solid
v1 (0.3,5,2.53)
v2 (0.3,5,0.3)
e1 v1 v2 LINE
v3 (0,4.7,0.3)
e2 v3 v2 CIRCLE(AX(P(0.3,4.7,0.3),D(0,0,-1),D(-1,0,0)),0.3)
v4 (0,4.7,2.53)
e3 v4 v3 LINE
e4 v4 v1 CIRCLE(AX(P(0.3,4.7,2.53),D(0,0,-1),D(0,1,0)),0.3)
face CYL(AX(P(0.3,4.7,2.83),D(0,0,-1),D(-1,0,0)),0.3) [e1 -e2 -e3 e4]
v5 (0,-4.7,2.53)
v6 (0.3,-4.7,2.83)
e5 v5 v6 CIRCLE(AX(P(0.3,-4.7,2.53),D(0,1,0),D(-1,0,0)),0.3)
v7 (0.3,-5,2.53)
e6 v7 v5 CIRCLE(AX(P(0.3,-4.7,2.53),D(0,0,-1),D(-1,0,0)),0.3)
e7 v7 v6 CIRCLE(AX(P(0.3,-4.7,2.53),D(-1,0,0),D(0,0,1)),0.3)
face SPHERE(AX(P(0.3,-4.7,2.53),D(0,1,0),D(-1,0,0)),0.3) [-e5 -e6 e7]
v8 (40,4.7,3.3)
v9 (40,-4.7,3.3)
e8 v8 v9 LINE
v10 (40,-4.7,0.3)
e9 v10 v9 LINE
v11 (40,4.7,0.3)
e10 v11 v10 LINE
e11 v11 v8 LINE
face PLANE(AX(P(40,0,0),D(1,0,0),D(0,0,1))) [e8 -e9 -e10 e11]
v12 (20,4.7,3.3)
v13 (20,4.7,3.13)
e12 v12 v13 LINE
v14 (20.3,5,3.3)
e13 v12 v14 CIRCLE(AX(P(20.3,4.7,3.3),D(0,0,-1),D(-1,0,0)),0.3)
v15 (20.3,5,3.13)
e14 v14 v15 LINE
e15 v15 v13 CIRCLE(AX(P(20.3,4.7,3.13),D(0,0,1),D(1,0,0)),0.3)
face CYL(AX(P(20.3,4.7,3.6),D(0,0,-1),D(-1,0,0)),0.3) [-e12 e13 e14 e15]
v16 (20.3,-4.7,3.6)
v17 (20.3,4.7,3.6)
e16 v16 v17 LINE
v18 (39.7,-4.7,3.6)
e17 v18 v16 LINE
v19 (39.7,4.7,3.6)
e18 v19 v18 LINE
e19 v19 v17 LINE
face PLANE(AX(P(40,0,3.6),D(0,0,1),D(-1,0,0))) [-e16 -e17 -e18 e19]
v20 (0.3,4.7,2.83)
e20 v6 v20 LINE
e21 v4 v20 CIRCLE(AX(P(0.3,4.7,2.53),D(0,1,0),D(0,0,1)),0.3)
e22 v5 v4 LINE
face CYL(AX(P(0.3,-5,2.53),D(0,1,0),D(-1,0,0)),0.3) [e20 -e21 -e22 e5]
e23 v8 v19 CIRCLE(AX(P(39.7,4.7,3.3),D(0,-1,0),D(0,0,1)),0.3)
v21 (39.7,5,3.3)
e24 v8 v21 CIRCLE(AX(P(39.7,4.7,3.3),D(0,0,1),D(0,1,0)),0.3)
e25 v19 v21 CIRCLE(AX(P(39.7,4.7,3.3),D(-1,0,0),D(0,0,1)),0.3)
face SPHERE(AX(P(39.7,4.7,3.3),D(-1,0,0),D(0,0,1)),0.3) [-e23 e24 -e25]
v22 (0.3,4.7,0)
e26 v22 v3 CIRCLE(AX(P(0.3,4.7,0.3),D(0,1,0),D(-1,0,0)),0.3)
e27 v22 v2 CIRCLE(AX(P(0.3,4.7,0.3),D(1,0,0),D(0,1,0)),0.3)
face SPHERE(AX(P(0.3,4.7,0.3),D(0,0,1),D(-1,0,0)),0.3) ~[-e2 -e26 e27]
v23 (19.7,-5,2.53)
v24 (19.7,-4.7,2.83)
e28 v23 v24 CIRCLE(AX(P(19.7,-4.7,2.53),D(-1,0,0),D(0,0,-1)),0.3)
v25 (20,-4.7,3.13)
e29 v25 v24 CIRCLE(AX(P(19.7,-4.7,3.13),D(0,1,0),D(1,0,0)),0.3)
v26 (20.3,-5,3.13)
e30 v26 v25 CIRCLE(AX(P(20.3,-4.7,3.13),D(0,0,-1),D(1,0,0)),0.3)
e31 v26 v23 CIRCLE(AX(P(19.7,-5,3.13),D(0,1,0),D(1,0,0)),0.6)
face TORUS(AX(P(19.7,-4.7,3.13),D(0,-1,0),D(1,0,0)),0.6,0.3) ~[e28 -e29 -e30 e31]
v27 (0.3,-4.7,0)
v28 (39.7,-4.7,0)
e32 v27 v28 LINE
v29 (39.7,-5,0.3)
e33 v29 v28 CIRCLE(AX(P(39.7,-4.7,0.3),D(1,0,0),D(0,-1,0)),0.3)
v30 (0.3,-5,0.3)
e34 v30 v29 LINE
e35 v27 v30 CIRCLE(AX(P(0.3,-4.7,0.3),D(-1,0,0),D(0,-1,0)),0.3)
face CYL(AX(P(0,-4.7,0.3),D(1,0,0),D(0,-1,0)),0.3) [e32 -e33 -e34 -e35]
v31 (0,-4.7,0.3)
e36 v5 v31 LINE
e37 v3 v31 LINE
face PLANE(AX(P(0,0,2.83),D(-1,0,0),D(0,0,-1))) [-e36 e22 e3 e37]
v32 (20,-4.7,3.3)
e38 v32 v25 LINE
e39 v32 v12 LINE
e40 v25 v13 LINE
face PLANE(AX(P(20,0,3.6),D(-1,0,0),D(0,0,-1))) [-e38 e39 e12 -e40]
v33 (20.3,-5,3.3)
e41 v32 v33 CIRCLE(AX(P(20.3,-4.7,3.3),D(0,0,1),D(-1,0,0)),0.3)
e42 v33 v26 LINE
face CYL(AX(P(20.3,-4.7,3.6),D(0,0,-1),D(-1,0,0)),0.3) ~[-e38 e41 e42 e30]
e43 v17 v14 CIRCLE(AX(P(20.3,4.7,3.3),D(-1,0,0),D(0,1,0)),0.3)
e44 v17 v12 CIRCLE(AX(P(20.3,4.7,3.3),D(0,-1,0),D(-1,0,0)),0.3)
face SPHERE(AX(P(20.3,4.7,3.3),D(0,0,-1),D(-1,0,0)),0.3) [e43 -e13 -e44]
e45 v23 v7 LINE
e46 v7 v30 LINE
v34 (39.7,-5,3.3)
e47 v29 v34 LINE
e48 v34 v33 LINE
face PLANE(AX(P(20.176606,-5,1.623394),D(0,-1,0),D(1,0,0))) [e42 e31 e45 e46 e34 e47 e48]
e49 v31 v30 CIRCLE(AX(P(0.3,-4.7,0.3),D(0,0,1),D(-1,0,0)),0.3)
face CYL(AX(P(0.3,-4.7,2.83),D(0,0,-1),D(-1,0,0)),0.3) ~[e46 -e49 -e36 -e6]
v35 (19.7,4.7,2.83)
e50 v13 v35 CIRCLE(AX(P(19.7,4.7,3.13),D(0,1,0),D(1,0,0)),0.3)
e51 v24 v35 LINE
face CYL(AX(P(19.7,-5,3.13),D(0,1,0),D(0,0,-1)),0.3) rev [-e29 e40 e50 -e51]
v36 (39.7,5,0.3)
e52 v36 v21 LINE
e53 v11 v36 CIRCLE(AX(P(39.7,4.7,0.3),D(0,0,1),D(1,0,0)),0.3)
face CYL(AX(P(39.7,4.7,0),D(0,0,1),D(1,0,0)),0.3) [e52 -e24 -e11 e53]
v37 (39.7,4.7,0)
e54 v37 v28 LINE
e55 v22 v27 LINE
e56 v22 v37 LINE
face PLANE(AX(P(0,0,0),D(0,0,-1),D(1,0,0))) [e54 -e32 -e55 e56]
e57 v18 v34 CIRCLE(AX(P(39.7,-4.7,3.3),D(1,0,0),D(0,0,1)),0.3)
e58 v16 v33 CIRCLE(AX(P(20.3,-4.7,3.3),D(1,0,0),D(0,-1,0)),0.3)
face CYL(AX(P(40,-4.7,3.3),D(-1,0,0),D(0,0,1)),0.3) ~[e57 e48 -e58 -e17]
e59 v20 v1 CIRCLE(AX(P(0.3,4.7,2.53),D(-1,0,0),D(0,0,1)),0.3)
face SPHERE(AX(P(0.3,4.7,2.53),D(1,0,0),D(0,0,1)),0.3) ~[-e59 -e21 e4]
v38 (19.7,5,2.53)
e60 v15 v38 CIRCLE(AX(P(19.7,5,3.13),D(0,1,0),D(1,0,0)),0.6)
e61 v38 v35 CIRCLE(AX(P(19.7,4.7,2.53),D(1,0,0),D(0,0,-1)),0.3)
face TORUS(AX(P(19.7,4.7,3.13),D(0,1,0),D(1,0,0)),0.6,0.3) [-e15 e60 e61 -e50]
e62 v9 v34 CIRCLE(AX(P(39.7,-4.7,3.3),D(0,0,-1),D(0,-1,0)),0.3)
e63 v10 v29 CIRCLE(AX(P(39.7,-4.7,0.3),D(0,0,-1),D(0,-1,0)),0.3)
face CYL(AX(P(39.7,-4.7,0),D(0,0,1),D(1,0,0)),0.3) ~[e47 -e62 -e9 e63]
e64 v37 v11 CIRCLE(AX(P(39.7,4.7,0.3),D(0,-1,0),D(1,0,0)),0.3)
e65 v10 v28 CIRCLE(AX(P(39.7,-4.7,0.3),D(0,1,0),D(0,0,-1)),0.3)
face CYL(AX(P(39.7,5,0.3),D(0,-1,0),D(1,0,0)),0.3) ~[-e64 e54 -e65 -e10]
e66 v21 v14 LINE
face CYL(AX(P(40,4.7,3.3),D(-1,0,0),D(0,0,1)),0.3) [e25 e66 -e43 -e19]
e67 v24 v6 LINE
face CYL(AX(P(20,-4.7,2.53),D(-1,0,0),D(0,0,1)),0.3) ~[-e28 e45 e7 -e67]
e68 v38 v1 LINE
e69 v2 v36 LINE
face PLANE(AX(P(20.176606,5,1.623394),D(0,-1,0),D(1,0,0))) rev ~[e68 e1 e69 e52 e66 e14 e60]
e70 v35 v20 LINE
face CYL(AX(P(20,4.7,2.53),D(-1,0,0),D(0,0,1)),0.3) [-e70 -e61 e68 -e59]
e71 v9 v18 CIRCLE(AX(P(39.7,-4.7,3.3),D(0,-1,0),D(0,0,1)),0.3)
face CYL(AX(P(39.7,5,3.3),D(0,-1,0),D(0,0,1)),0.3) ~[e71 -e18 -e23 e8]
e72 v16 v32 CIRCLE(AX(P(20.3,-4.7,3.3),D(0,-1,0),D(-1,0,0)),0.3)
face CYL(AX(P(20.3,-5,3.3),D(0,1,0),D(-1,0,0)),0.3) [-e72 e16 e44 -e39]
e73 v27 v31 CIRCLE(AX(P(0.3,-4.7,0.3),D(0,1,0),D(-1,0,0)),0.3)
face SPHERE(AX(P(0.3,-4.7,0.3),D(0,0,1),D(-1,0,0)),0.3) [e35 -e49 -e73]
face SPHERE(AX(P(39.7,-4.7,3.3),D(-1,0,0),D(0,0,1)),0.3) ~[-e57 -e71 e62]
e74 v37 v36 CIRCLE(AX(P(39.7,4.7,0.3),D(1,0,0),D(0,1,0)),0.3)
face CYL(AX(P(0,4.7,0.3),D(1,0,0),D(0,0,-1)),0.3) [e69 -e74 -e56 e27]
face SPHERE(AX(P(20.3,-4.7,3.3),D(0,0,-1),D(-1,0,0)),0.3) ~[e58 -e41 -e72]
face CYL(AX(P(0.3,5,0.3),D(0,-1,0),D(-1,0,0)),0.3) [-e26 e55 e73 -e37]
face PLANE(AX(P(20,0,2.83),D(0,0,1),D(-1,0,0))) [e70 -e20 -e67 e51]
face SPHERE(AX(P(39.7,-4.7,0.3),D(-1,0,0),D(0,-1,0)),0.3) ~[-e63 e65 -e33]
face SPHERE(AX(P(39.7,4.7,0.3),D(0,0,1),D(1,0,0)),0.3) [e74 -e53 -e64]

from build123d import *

# Parameters (mm, degrees)
F1_DEPTH = 5
F2_R     = 0.3


with BuildPart() as f1:
    # F0 (on Front) → F1 (new body, symmetric)
    with BuildSketch(Plane.XZ):
        Polygon((0, 2.83), (0, 0), (40, 0), (40, 3.6), (20, 3.6), (20, 2.83), align=None)
    extrude(amount=F1_DEPTH, both=True)

    # F2
    f2_edges = [f1.edges().sort_by_distance(p)[0] for p in [
        (10, 5, 2.83),
        (0, 0, 2.83),
        (0, 5, 1.415),
        (0, -5, 1.415),
        (0, 0, 0),
        (20, -5, 0),
        (10, -5, 2.83),
        (20, 0, 2.83),
        (20, 5, 3.215),
        (20, -5, 3.215),
        (20, 0, 3.6),
        (30, -5, 3.6),
        (30, 5, 3.6),
        (40, 0, 3.6),
        (40, -5, 1.8),
        (40, 5, 1.8),
        (40, 0, 0),
        (20, 5, 0),
    ]]
    fillet(f2_edges, radius=F2_R)


solid = f1.part
